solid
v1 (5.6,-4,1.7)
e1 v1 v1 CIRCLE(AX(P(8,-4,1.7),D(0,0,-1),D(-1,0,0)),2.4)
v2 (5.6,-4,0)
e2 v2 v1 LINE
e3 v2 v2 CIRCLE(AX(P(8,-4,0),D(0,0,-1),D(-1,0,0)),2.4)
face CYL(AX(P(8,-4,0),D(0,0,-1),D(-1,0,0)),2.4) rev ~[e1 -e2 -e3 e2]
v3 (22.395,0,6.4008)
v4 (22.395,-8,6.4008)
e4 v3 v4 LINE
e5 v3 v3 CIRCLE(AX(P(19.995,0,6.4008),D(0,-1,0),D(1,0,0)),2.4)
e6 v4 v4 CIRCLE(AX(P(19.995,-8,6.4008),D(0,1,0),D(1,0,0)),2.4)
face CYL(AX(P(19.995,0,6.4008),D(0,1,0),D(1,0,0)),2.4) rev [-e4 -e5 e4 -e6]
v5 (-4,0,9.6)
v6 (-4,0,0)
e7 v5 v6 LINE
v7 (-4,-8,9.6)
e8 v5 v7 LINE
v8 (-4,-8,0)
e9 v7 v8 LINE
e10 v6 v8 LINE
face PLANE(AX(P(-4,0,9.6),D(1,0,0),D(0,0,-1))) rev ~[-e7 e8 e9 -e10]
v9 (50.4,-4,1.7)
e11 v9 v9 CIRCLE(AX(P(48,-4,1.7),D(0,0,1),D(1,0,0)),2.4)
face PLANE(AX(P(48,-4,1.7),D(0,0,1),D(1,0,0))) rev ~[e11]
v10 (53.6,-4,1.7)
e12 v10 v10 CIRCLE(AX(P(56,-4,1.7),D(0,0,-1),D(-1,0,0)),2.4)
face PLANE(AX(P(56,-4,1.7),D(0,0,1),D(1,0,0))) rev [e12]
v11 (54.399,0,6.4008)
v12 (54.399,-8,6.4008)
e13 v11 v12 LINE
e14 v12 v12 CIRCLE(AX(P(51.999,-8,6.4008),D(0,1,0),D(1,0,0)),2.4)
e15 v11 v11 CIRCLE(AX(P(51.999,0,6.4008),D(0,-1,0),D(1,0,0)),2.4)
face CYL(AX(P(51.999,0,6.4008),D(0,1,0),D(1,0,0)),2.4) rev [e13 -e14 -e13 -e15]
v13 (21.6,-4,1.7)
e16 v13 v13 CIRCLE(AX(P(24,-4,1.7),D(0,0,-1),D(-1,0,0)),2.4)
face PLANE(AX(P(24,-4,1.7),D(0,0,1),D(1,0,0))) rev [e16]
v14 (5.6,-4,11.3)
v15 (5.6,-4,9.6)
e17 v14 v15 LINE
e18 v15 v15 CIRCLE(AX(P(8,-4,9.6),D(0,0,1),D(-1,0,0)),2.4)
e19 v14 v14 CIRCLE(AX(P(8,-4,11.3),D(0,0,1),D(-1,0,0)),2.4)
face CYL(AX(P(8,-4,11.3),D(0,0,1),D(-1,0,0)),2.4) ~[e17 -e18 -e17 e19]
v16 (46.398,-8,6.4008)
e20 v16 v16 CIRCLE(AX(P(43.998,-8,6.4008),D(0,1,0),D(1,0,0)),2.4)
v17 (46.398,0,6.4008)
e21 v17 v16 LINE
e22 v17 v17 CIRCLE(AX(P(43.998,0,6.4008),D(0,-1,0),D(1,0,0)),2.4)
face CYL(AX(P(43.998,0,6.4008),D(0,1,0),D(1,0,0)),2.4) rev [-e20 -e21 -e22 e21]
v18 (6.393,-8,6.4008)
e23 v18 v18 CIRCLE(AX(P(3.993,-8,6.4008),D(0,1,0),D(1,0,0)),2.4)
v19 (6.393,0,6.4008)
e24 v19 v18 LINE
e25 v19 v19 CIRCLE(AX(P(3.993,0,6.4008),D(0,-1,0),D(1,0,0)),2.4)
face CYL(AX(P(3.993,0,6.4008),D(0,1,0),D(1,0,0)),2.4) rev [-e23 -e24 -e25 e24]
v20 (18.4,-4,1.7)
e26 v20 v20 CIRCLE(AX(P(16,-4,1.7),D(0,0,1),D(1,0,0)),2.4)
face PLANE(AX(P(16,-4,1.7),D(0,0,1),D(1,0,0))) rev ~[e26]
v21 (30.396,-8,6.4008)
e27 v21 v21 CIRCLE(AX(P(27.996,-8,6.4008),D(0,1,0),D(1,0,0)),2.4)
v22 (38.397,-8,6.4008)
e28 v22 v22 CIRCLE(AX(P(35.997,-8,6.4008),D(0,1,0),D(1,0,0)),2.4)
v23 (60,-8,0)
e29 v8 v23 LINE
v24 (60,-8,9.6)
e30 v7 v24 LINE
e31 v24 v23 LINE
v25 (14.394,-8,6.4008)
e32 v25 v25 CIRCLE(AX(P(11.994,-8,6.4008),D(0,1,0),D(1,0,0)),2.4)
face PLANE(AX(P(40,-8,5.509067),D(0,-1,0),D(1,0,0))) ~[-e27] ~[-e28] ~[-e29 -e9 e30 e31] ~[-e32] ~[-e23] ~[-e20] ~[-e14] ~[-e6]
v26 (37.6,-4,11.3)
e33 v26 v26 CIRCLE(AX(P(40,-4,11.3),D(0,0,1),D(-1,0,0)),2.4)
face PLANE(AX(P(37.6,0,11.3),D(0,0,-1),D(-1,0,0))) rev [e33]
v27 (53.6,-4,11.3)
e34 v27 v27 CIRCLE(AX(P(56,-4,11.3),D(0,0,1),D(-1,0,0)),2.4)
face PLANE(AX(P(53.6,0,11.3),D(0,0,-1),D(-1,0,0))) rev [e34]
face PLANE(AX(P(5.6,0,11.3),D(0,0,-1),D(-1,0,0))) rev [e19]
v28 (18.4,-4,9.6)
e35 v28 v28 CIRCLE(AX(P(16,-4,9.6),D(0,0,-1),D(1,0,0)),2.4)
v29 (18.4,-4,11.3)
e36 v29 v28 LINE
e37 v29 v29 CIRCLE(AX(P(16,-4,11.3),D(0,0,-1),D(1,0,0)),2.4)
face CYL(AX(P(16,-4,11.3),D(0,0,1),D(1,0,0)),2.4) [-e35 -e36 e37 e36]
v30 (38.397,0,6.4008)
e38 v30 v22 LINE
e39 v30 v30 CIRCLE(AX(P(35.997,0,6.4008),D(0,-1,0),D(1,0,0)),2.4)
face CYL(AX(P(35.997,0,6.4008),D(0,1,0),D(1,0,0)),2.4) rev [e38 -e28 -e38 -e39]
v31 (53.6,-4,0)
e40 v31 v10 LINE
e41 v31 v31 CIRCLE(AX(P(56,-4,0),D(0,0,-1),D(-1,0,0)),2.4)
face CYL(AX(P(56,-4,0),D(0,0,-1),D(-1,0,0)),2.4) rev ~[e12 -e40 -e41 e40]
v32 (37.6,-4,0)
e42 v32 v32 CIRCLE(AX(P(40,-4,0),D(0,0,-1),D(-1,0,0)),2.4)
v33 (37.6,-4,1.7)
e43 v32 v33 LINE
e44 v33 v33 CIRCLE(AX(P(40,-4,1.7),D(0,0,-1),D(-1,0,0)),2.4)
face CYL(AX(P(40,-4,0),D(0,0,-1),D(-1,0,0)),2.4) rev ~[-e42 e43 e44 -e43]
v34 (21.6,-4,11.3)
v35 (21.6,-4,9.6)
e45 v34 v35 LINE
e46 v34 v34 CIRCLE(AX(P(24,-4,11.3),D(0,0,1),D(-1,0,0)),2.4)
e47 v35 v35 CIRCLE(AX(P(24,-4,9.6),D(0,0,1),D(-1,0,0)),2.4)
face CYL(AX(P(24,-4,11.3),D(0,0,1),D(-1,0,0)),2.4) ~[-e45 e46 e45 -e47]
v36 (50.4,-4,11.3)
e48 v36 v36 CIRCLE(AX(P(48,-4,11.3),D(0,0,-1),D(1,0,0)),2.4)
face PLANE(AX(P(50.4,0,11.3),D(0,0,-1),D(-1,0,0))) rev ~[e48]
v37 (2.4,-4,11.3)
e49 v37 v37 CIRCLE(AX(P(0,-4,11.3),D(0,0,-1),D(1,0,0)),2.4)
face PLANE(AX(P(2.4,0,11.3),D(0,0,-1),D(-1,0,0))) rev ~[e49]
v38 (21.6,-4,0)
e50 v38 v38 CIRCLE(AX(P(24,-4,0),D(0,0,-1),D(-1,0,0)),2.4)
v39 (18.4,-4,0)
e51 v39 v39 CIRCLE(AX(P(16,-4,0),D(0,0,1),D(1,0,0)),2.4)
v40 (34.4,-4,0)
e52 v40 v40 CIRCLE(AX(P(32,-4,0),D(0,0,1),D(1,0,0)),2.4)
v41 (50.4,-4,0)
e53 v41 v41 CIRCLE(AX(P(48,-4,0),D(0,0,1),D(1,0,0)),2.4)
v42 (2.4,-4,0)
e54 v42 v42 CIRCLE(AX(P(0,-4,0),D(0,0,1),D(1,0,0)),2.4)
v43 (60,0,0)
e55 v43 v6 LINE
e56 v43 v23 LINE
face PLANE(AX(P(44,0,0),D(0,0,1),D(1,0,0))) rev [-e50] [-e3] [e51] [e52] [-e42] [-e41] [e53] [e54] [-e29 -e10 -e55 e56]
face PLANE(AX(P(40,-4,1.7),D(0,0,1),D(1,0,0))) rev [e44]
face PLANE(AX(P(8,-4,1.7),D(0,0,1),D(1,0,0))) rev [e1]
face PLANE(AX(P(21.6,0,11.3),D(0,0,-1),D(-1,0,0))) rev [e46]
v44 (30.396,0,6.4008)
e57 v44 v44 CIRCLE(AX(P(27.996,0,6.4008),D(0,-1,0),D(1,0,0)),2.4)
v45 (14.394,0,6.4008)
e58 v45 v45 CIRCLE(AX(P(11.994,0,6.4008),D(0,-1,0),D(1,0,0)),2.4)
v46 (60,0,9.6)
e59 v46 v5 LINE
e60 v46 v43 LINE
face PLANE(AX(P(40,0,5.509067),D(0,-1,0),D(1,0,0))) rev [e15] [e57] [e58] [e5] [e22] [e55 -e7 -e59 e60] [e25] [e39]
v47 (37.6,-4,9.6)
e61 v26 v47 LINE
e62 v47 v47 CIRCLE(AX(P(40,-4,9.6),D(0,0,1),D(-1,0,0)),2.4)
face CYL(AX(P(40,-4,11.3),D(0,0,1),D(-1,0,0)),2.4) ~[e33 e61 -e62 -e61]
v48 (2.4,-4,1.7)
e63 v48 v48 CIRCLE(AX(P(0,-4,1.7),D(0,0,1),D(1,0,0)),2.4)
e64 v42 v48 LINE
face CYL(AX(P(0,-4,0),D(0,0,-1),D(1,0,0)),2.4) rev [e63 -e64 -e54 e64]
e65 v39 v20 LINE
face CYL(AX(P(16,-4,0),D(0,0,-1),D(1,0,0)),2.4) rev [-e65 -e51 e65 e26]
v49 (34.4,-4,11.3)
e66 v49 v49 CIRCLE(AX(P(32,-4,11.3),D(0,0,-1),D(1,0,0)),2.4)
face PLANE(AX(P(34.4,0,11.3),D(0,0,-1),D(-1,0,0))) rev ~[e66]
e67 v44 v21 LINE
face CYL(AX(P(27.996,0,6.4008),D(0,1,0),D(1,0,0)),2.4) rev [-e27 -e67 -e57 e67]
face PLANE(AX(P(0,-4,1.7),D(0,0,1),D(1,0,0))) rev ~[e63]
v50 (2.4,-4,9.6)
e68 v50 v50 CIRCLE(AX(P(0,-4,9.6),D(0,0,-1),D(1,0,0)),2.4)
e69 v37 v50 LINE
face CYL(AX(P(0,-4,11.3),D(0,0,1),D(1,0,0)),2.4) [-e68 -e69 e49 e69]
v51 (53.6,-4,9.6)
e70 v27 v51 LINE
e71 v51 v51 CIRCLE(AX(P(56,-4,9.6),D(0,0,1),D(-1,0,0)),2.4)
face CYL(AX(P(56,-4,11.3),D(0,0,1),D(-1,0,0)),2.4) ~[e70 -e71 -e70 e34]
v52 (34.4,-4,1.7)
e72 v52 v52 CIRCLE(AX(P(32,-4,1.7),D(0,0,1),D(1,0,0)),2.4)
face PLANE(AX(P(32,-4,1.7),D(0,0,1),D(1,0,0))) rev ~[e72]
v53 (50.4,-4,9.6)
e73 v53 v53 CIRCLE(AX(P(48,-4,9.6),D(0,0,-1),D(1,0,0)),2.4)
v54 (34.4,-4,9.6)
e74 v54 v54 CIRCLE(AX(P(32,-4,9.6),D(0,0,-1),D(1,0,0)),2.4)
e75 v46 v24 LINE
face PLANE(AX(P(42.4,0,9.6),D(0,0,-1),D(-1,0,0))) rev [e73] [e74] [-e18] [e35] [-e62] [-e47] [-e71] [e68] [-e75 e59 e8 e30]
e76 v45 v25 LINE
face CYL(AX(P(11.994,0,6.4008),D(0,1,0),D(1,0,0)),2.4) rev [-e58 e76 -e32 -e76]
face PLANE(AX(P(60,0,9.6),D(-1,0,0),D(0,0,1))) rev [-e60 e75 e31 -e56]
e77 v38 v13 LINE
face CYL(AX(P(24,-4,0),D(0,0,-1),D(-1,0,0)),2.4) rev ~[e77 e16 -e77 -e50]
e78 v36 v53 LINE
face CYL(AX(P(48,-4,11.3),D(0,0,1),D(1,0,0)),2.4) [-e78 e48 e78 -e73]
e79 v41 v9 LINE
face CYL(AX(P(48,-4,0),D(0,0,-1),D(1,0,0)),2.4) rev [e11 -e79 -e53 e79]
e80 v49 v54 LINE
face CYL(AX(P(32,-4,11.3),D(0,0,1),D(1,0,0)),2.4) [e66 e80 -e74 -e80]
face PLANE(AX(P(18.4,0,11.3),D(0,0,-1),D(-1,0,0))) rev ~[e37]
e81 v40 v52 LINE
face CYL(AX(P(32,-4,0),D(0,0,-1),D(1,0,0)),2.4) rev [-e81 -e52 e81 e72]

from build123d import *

# Parameters (mm, degrees)
F1_DEPTH  = 8
F3_W      = 8
F3_H      = 8
F3_R      = 2.4
F4_DEPTH  = 1.7
F5_R      = 2.4
F6_DEPTH  = 1.7
F13_R     = 2.4
F14_DEPTH = 25.4


with BuildPart() as f1:
    # F0 (on Front) → F1 (new body)
    with BuildSketch(Plane.XZ):
        Polygon((-2.4, 9.6), (-4, 9.6), (-4, 0), (4, 0), (4, 9.6), (2.4, 9.6), (2.4, 11.3), (-2.4, 11.3), align=None)
    extrude(amount=F1_DEPTH)

    # F3 (on plane+point) → F4 (cut, through all)
    with BuildSketch(Plane.XY.offset(11.3)):
        with Locations((0, -4)):
            Rectangle(F3_W, F3_H)
        with Locations((0, -4)):
            Circle(F3_R, mode=Mode.SUBTRACT)
    extrude(amount=-F4_DEPTH, mode=Mode.SUBTRACT)

    # F5 (on Top) → F6 (cut)
    with BuildSketch(Plane.XY):
        with Locations((0, -4)):
            Circle(F5_R)
    extrude(amount=F6_DEPTH, mode=Mode.SUBTRACT)

    # F8: F1 across plane


with BuildPart() as f1_1:
    add(f1.part)
    add(f1.part.mirror(Plane.YZ.offset(4)))

    # F10: F1 across plane


with BuildPart() as f1_2:
    add(f1_1.part)
    add(f1_1.part.mirror(Plane.YZ.offset(12)))

    # F12: F1 across plane


with BuildPart() as f1_3:
    add(f1_2.part)
    add(f1_2.part.mirror(Plane.YZ.offset(28)))

    # F13 (on Front) → F14 (cut)
    with BuildSketch(Plane.XZ):
        with Locations((51.999, 6.4008)):
            Circle(F13_R)
        with Locations((43.998, 6.4008)):
            Circle(F13_R)
        with Locations((35.997, 6.4008)):
            Circle(F13_R)
        with Locations((27.996, 6.4008)):
            Circle(F13_R)
        with Locations((19.995, 6.4008)):
            Circle(F13_R)
        with Locations((11.994, 6.4008)):
            Circle(F13_R)
        with Locations((3.993, 6.4008)):
            Circle(F13_R)
    extrude(amount=F14_DEPTH, mode=Mode.SUBTRACT)


solid = f1_3.part
